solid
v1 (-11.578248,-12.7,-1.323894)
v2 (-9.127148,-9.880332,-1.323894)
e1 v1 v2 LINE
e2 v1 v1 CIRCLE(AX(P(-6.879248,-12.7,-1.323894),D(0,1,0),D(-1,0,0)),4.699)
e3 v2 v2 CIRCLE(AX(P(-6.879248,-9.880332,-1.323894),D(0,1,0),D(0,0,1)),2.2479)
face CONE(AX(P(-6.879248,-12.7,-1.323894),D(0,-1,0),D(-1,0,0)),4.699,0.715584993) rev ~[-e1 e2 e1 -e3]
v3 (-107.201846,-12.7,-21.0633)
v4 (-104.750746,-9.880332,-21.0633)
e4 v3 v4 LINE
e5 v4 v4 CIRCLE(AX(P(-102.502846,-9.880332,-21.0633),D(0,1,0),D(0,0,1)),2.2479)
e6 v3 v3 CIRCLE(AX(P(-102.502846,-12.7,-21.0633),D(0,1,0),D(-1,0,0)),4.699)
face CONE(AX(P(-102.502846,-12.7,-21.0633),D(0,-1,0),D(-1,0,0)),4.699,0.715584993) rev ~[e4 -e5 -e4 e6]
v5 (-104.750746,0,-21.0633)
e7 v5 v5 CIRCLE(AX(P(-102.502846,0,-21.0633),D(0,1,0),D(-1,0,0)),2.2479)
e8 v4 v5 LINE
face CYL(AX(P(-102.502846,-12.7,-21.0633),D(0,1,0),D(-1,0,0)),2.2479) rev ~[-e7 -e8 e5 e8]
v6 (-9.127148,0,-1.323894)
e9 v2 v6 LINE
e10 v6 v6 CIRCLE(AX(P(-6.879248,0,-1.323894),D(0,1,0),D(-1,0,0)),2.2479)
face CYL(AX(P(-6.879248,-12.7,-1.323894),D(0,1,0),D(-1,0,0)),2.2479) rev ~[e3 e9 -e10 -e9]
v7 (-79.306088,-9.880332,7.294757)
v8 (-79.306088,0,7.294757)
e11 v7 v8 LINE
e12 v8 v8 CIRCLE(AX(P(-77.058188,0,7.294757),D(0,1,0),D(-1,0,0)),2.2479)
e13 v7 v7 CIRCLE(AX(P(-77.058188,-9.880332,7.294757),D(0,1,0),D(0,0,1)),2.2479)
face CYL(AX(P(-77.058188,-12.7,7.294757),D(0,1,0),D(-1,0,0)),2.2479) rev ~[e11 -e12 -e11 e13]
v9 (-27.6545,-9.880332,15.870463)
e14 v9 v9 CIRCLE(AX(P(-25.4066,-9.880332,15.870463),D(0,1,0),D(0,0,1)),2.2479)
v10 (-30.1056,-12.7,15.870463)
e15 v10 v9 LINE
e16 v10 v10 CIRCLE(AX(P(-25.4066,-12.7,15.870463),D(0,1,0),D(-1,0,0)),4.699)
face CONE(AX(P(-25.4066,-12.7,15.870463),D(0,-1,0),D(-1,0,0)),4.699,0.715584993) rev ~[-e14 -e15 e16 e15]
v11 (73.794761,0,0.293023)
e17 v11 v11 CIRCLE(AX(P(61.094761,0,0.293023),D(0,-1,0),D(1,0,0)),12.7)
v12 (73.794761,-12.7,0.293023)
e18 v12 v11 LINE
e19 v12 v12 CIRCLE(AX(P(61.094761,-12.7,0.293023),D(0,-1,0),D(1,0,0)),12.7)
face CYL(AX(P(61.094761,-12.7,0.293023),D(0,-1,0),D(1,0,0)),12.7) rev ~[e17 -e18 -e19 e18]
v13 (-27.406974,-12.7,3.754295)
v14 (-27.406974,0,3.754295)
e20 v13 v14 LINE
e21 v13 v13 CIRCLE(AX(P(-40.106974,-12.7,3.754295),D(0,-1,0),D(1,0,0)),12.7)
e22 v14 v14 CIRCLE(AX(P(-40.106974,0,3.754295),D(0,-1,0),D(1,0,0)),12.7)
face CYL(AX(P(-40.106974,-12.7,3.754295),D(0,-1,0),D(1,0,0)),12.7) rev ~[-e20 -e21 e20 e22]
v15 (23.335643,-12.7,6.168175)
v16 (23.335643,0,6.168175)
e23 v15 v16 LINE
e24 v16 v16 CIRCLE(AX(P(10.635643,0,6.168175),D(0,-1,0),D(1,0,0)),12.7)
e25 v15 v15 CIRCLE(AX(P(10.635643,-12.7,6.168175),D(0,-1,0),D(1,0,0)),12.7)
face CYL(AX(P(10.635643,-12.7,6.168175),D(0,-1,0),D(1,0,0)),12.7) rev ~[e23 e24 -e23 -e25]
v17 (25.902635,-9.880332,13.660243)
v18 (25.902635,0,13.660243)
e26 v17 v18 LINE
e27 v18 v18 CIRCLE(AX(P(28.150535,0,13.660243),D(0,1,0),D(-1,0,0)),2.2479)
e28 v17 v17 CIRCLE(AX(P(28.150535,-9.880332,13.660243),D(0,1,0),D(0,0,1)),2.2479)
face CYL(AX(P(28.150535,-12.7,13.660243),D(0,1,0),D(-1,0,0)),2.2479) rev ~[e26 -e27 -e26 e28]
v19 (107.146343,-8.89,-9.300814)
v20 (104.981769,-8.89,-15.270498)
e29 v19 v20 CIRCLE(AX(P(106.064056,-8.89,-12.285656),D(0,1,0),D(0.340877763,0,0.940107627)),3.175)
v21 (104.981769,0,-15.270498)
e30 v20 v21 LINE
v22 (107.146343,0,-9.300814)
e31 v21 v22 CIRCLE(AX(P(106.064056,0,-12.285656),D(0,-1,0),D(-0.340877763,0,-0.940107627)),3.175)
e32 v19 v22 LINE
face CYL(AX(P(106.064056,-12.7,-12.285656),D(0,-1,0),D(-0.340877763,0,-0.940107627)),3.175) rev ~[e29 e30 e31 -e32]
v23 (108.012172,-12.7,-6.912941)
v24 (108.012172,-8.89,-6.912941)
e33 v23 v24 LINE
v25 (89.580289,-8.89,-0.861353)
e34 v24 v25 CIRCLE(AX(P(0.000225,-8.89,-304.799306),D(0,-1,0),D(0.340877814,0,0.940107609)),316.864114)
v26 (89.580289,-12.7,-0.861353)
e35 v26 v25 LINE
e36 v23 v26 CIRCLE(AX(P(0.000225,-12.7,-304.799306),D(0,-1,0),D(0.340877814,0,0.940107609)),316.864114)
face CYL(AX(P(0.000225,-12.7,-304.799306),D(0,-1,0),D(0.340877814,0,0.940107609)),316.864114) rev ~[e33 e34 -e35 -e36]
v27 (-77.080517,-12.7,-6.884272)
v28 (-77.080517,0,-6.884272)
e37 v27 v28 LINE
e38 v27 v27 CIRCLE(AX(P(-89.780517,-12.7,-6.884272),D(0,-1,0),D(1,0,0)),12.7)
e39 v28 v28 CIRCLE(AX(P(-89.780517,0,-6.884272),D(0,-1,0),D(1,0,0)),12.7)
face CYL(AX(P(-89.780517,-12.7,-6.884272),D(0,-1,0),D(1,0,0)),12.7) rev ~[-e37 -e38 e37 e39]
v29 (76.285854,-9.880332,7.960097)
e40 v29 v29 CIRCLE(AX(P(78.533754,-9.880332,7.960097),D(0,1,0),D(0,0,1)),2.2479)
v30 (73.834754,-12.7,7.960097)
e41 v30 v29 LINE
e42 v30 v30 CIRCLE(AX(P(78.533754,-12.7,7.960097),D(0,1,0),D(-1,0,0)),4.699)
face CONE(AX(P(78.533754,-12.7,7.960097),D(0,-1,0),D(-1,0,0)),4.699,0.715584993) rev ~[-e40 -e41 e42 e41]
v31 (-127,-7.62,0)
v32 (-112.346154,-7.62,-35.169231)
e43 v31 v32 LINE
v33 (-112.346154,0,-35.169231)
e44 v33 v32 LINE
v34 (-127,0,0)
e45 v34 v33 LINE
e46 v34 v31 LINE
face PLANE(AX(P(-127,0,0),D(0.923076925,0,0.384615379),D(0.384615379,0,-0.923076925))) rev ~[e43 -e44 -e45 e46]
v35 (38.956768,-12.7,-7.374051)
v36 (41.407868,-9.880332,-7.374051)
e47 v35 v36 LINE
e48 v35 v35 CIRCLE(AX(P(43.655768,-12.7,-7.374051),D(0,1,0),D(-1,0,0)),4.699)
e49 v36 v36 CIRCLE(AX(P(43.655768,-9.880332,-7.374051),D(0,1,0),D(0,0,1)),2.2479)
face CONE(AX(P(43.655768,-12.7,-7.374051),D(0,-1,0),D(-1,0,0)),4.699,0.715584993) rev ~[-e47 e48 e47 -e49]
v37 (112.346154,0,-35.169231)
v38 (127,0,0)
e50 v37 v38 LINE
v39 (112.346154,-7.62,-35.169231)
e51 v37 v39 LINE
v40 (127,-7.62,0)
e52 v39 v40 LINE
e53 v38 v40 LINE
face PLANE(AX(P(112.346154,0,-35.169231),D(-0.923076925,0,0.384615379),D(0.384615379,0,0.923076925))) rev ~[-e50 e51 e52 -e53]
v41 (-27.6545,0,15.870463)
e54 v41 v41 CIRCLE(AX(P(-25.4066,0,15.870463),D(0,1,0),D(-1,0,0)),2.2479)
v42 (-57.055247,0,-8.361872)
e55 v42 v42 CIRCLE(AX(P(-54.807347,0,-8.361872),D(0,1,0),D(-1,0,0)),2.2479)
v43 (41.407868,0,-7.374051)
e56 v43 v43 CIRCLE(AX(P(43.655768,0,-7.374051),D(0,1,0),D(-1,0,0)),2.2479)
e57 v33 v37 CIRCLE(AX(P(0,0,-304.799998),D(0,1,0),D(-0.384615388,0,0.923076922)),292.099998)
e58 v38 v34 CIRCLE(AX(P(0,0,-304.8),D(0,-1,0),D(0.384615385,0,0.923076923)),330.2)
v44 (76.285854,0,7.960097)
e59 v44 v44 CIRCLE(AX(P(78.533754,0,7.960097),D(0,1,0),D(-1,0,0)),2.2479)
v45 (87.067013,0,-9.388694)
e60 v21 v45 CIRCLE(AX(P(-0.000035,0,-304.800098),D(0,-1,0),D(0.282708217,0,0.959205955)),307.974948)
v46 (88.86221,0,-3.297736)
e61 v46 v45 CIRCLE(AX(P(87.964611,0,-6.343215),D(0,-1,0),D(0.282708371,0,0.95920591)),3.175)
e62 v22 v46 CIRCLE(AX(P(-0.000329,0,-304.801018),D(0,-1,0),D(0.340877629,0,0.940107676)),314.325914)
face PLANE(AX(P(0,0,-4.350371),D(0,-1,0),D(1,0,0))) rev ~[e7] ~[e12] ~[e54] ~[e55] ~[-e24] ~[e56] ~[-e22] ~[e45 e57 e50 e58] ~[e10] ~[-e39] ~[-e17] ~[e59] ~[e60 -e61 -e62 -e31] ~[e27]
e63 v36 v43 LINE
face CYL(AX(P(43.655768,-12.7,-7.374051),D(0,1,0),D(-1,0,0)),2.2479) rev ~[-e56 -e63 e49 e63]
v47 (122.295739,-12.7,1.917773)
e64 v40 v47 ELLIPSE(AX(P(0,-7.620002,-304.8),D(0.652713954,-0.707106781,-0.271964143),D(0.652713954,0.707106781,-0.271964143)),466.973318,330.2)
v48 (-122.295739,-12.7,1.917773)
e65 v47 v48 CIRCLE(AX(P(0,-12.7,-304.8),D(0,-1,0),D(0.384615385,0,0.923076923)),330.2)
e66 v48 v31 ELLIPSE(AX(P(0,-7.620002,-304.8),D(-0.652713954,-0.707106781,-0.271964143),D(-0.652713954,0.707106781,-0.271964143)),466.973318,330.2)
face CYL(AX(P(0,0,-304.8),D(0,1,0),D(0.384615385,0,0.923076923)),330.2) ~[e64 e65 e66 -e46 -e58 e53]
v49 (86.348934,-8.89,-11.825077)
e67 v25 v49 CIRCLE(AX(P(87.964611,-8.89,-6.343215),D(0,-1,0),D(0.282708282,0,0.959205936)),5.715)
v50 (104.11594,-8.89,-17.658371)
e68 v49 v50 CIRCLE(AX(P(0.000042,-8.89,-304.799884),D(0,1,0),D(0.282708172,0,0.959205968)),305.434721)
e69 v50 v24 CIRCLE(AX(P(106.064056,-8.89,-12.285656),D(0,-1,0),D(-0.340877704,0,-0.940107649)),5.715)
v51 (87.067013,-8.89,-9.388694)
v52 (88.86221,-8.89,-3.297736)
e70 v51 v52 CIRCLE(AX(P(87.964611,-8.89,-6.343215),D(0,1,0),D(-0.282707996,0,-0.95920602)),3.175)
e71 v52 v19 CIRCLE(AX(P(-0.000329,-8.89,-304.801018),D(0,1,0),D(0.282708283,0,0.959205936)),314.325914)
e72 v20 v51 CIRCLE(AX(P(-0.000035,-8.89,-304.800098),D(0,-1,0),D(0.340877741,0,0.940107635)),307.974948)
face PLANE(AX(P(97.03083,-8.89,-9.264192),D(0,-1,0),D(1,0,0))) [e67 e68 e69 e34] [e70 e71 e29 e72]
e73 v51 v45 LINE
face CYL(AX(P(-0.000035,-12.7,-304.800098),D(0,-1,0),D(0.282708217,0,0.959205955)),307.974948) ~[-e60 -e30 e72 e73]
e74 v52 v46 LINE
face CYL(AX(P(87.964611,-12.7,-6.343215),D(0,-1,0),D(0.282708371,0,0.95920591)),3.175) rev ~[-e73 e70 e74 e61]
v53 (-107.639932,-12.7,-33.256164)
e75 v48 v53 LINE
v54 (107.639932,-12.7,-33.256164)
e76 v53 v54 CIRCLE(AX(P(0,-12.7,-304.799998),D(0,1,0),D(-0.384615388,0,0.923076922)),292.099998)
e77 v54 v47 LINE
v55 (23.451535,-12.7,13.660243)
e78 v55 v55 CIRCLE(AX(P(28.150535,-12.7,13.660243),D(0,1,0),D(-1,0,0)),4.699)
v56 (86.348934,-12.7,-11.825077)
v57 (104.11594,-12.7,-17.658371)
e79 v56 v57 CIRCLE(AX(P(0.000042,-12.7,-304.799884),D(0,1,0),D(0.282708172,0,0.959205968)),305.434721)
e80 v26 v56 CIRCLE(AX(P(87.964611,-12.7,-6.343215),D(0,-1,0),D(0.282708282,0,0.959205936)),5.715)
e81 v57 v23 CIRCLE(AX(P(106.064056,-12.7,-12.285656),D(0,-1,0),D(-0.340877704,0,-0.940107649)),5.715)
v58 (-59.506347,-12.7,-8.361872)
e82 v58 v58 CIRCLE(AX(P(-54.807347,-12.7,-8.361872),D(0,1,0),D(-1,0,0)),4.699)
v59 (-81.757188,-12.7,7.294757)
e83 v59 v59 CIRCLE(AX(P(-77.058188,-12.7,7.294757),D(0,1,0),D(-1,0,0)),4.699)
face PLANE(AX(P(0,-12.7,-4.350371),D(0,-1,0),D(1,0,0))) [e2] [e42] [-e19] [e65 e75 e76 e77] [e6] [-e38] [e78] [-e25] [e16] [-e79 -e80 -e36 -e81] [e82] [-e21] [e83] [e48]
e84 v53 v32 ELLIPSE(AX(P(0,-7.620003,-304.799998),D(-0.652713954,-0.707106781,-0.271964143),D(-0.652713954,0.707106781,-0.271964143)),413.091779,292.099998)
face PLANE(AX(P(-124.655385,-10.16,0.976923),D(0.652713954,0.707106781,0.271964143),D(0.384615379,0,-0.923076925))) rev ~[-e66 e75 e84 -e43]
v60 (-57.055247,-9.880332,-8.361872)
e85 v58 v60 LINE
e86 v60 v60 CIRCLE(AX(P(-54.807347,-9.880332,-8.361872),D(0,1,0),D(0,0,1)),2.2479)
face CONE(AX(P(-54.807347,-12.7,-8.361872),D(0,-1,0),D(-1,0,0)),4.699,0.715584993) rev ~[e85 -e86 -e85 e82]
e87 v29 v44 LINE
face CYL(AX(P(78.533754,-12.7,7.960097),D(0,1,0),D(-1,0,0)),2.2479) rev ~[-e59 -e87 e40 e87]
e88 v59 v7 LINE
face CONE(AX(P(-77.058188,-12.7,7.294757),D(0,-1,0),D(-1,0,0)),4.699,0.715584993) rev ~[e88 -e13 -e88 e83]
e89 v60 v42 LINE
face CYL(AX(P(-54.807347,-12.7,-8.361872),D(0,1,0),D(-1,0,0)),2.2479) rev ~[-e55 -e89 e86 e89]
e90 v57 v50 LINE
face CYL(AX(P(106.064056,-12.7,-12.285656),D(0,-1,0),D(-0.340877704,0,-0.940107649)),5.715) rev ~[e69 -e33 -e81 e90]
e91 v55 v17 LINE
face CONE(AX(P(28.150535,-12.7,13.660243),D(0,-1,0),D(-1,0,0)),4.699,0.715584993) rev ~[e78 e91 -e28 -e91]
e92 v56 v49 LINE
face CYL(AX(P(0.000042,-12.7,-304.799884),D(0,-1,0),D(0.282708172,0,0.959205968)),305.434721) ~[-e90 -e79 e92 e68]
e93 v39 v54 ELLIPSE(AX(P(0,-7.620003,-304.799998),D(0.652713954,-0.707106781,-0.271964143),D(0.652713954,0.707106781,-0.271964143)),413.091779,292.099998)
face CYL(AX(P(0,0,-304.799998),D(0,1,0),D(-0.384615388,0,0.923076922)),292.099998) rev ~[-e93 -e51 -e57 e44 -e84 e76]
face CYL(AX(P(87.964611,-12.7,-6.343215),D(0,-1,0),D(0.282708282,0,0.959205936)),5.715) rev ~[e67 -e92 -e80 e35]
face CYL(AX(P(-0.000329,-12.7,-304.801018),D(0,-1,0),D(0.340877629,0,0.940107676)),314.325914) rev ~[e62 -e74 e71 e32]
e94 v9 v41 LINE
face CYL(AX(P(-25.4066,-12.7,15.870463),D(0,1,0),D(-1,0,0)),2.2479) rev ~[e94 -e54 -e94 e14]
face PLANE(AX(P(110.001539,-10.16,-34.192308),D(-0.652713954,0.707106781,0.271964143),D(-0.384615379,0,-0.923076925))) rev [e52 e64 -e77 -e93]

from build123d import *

# Parameters (mm, degrees)
F1_DEPTH       = 12.7
F2_R           = 12.7
F3_DEPTH       = 12.701
F4_SIZE        = 5.08
F6_D           = 4.4958
F6_CSINK_D     = 9.398
F6_CSINK_ANGLE = 82
F8_DEPTH       = 12.701
F10_DEPTH      = 3.81


with BuildPart() as f1:
    # F0 (on Front) → F1 (new body)
    with BuildSketch(Plane.XZ):
        with BuildLine():
            Line((112.346154, -35.169231), (127, 0))
            ThreePointArc((127, 0), (0, 25.4), (-127, 0))
            Line((-127, 0), (-112.346154, -35.169231))
            ThreePointArc((-112.346154, -35.169231), (0, -12.7), (112.346154, -35.169231))
        make_face()
    extrude(amount=F1_DEPTH)

    # F2 (on face) → F3 (cut, through all)
    with BuildSketch(Plane.XZ.offset(12.7)):
        with Locations((61.094761, 0.293023)):
            Circle(F2_R)
        with Locations((-89.780517, -6.884272)):
            Circle(F2_R)
        with Locations((10.635643, 6.168175)):
            Circle(F2_R)
        with Locations((-40.106974, 3.754295)):
            Circle(F2_R)
    extrude(amount=-F3_DEPTH, mode=Mode.SUBTRACT)

    # F4
    f4_edges = [f1.edges().sort_by_distance(p)[0] for p in [
        (-119.673077, -12.7, -17.584615),
        (119.673077, -12.7, -17.584615),
    ]]
    chamfer(f4_edges, length=F4_SIZE)

    # F6 (through all)
    with Locations(Plane.XZ.offset(12.7)):
        with Locations((-6.879248, -1.323894), (28.150535, 13.660243), (43.655768, -7.374051), (78.533754, 7.960097), (-77.058188, 7.294757), (-102.502846, -21.0633), (-54.807347, -8.361872), (-25.4066, 15.870463)):
            CounterSinkHole(F6_D / 2, F6_CSINK_D / 2, counter_sink_angle=F6_CSINK_ANGLE)

    # F7 (on face) → F8 (cut, through all)
    with BuildSketch(Plane.XZ.offset(12.7)):
        with BuildLine():
            ThreePointArc((104.981769, -15.270498), (109.048898, -13.367943), (107.146343, -9.300814))
            ThreePointArc((107.146343, -9.300814), (98.050229, -6.159313), (88.86221, -3.297736))
            ThreePointArc((88.86221, -3.297736), (84.919132, -5.445616), (87.067013, -9.388694))
            ThreePointArc((87.067013, -9.388694), (96.069415, -12.192461), (104.981769, -15.270498))
        make_face()
    extrude(amount=-F8_DEPTH, mode=Mode.SUBTRACT)

    # F9 (on face) → F10 (cut)
    with BuildSketch(Plane.XZ.offset(12.7)):
        with BuildLine():
            ThreePointArc((108.012172, -6.912941), (98.842554, -3.746053), (89.580289, -0.861353))
            ThreePointArc((89.580289, -0.861353), (82.482749, -4.727538), (86.348934, -11.825077))
            ThreePointArc((86.348934, -11.825077), (95.27709, -14.60572), (104.11594, -17.658371))
            ThreePointArc((104.11594, -17.658371), (111.436771, -14.233772), (108.012172, -6.912941))
        make_face()
        with BuildLine():
            ThreePointArc((88.86221, -3.297736), (98.050229, -6.159313), (107.146343, -9.300814))
            ThreePointArc((107.146343, -9.300814), (109.048898, -13.367943), (104.981769, -15.270498))
            ThreePointArc((104.981769, -15.270498), (96.069415, -12.192461), (87.067013, -9.388694))
            ThreePointArc((87.067013, -9.388694), (84.919132, -5.445616), (88.86221, -3.297736))
        make_face(mode=Mode.SUBTRACT)
    extrude(amount=-F10_DEPTH, mode=Mode.SUBTRACT)


solid = f1.part
